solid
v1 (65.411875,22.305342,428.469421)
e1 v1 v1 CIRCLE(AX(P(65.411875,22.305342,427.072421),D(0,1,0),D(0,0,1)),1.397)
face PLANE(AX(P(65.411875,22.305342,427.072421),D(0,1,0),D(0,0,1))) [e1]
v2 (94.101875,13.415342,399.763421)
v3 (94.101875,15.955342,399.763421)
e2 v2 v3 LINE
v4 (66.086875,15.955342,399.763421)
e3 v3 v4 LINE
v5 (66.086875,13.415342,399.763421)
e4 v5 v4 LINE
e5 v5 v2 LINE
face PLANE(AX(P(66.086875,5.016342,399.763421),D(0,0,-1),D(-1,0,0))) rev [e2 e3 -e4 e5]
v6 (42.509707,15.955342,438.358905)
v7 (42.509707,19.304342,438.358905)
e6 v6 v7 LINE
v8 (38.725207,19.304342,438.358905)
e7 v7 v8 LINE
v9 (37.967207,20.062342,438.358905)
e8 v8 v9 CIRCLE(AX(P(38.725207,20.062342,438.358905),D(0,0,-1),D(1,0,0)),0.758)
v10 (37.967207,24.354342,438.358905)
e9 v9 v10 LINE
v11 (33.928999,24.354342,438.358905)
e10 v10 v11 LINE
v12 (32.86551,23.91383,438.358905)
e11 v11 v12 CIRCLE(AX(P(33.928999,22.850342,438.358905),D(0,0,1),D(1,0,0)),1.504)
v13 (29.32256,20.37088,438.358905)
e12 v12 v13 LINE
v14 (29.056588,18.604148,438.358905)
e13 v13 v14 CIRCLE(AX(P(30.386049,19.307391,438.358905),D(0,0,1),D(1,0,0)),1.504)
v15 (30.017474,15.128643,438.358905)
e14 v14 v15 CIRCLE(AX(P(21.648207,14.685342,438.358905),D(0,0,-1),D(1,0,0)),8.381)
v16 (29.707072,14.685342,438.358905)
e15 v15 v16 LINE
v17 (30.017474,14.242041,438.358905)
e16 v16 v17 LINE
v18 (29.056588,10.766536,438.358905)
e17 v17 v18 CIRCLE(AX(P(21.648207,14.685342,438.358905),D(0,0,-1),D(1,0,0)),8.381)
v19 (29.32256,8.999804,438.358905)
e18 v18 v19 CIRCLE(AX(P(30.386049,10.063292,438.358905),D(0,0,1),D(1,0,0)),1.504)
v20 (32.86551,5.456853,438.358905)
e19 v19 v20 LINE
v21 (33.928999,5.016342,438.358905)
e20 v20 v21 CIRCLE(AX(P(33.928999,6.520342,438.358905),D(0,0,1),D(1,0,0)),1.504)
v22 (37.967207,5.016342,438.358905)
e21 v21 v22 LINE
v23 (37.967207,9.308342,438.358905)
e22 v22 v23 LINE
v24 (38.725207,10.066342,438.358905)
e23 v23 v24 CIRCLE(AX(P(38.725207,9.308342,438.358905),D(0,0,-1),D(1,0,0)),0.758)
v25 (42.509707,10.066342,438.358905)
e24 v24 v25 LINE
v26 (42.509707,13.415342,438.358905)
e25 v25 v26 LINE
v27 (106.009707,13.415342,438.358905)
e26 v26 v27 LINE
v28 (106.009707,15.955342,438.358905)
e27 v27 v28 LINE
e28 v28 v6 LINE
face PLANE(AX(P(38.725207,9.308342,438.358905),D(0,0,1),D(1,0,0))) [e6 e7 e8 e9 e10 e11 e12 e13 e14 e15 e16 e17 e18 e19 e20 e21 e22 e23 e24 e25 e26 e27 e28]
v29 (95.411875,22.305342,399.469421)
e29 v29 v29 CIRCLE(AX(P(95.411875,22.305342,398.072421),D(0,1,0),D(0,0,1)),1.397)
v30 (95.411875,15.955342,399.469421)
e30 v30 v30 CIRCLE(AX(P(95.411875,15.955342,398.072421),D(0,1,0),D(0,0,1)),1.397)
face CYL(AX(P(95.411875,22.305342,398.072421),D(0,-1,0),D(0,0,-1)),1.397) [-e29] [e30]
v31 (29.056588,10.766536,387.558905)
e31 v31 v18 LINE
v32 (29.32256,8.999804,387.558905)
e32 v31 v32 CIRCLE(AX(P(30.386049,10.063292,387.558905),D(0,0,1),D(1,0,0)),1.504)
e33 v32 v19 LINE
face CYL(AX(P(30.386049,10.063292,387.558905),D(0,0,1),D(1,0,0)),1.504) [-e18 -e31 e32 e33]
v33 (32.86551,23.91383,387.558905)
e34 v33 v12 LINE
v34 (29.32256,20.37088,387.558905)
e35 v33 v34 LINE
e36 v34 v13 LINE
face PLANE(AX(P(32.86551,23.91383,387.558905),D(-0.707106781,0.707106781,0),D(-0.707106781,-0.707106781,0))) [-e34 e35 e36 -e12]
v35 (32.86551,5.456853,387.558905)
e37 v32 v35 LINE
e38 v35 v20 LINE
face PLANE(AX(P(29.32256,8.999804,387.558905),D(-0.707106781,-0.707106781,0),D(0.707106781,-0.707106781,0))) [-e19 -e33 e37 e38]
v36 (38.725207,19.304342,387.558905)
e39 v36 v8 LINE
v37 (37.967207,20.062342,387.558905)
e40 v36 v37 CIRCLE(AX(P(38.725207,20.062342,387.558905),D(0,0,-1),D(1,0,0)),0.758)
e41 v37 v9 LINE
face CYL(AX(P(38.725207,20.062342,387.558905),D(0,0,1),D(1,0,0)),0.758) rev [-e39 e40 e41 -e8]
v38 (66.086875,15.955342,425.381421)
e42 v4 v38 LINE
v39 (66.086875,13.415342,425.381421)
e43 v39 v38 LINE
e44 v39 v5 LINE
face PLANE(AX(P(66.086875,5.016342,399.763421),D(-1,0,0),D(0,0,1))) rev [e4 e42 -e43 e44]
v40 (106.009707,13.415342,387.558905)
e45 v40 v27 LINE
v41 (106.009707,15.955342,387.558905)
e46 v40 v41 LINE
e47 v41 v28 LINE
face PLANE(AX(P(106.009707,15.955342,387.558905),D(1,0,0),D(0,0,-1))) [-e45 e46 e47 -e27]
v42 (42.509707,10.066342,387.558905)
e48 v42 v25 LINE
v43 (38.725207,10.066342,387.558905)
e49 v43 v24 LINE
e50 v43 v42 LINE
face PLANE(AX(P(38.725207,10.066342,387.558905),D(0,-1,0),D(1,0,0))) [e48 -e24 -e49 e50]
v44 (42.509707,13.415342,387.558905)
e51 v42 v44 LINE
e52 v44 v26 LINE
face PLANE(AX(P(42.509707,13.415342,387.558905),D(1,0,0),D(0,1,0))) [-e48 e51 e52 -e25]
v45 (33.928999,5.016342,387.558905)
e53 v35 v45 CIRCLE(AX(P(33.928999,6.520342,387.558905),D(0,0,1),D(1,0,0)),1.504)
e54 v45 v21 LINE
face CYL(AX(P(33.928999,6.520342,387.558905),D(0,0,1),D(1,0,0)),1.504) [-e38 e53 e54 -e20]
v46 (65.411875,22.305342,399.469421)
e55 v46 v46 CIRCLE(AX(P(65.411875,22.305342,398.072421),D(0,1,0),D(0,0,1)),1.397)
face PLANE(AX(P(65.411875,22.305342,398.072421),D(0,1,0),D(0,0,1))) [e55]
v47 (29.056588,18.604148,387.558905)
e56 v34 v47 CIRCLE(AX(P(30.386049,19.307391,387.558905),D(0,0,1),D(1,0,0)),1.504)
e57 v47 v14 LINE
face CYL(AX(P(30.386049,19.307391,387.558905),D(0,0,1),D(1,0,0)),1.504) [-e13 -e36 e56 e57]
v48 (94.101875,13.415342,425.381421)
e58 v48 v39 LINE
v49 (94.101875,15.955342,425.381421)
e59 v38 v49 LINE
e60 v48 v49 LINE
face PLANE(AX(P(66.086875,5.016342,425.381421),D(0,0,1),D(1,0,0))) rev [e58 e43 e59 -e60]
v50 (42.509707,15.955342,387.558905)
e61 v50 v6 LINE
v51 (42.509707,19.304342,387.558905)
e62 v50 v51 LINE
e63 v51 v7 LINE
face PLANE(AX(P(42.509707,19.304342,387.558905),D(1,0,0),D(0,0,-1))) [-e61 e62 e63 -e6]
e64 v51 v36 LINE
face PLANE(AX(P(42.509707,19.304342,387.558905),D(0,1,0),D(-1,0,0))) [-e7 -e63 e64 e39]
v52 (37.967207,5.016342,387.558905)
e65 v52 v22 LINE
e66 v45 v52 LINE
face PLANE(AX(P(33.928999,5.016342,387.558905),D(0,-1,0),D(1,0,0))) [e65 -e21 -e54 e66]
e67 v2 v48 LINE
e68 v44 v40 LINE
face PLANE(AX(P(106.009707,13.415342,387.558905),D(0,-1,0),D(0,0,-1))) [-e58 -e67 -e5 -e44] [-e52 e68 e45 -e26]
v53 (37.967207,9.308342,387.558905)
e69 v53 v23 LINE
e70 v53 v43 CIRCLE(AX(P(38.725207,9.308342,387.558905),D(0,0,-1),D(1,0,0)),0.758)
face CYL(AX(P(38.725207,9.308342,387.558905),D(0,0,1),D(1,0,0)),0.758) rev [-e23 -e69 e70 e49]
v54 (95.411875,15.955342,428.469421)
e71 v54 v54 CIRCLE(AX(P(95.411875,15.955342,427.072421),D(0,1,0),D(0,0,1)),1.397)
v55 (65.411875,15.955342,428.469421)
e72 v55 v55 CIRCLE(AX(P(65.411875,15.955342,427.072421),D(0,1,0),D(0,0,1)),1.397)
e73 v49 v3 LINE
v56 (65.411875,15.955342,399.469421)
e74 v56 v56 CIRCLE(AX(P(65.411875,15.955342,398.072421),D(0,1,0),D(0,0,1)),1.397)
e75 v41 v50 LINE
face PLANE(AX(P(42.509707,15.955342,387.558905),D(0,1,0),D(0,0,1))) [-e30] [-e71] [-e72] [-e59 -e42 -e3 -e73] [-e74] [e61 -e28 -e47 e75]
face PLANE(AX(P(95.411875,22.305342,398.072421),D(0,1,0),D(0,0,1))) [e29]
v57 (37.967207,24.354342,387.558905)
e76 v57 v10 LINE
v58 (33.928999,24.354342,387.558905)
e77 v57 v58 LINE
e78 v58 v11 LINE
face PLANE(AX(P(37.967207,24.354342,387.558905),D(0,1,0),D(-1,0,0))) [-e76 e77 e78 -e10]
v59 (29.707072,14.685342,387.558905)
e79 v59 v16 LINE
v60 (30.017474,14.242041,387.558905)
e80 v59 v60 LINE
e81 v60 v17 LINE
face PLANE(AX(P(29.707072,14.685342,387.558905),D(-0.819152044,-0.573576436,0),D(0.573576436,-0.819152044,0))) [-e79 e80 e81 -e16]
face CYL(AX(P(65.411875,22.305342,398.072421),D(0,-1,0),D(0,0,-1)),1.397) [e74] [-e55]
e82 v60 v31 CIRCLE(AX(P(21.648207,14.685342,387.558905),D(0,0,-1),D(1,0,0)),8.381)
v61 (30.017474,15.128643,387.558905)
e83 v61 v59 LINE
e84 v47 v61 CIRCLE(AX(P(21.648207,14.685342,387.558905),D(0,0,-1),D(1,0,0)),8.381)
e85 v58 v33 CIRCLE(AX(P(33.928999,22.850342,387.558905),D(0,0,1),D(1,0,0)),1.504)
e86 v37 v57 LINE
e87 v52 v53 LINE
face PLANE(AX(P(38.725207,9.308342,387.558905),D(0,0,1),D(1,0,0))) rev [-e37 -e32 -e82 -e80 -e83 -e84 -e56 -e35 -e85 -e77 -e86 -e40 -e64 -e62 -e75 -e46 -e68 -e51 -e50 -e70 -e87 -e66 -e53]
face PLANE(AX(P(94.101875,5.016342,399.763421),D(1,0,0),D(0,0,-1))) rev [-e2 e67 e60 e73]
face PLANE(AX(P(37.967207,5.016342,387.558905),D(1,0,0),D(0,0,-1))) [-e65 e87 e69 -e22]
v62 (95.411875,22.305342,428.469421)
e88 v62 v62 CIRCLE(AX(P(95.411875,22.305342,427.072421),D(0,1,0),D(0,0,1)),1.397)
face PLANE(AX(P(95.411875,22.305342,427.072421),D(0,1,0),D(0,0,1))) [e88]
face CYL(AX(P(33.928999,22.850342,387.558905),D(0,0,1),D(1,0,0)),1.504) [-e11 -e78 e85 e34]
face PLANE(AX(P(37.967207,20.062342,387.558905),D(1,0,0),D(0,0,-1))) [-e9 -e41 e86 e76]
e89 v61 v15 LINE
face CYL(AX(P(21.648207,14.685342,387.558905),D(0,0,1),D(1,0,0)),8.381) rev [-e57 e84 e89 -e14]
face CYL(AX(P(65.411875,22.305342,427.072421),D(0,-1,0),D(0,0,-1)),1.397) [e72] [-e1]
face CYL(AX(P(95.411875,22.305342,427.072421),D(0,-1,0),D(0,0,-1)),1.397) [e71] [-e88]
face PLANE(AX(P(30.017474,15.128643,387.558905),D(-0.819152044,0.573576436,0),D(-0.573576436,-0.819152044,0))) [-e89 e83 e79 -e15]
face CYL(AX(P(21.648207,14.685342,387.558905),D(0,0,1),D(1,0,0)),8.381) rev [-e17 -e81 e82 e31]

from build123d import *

# Parameters (mm, degrees)
BOSS_EXTRUDE1_DEPTH = 50.8
SKETCH3_R           = 1.397
BOSS_EXTRUDE2_DEPTH = 6.35
SKETCH4_W           = 28.015
SKETCH4_H           = 25.618
CUT_EXTRUDE1_DEPTH  = 11.939


with BuildPart() as part:
    # Sketch1 → Boss-Extrude1 (new body)
    with BuildSketch(Plane.XY.offset(438.358905075)):
        with BuildLine():
            Line((42.509706517, 19.30434166), (42.509706517, 15.95534166))
            Line((42.509706517, 15.95534166), (106.009706517, 15.95534166))
            Line((106.009706517, 15.95534166), (106.009706517, 13.41534166))
            Line((106.009706517, 13.41534166), (42.509706517, 13.41534166))
            Line((42.509706517, 13.41534166), (42.509706517, 10.06634166))
            Line((42.509706517, 10.06634166), (38.725206517, 10.06634166))
            ThreePointArc((38.725206517, 10.06634166), (38.189219577, 9.8443286), (37.967206517, 9.30834166))
            Line((37.967206517, 9.30834166), (37.967206517, 5.01634166))
            Line((37.967206517, 5.01634166), (33.928999082, 5.01634166))
            ThreePointArc((33.928999082, 5.01634166), (33.3534432, 5.130826843), (32.865510483, 5.456853061))
            Line((32.865510483, 5.456853061), (29.322559963, 8.999803581))
            ThreePointArc((29.322559963, 8.999803581), (28.898807275, 9.839396326), (29.056588326, 10.766535722))
            ThreePointArc((29.056588326, 10.766535722), (29.726160528, 12.451998876), (30.017474414, 14.24204055))
            Line((30.017474414, 14.24204055), (29.707071635, 14.68534166))
            Line((29.707071635, 14.68534166), (30.017474414, 15.128642769))
            ThreePointArc((30.017474414, 15.128642769), (29.726160528, 16.918684443), (29.056588326, 18.604147597))
            ThreePointArc((29.056588326, 18.604147597), (28.898807275, 19.531286993), (29.322559963, 20.370879739))
            Line((29.322559963, 20.370879739), (32.865510483, 23.913830259))
            ThreePointArc((32.865510483, 23.913830259), (33.3534432, 24.239856477), (33.928999082, 24.35434166))
            Line((33.928999082, 24.35434166), (37.967206517, 24.35434166))
            Line((37.967206517, 24.35434166), (37.967206517, 20.06234166))
            ThreePointArc((37.967206517, 20.06234166), (38.189219577, 19.526354719), (38.725206517, 19.30434166))
            Line((38.725206517, 19.30434166), (42.509706517, 19.30434166))
        make_face()
    extrude(amount=-BOSS_EXTRUDE1_DEPTH)

    # Sketch3 → Boss-Extrude2 (add)
    with BuildSketch(Plane(origin=(0, 15.95534166, 0), x_dir=(1, 0, 0), z_dir=(0, 1, 0))):
        with Locations((65.411874918, -398.072421398)):
            Circle(SKETCH3_R)
        with Locations((95.411874918, -398.072421398)):
            Circle(SKETCH3_R)
        with Locations((95.411874918, -427.072421398)):
            Circle(SKETCH3_R)
        with Locations((65.411874918, -427.072421398)):
            Circle(SKETCH3_R)
    extrude(amount=BOSS_EXTRUDE2_DEPTH)

    # Sketch4 → Cut-Extrude1 (cut, through all)
    with BuildSketch(Plane(origin=(0, 15.95534166, 0), x_dir=(1, 0, 0), z_dir=(0, 1, 0))):
        with Locations((80.094374918, -412.572421398)):
            Rectangle(SKETCH4_W, SKETCH4_H)
    extrude(amount=-CUT_EXTRUDE1_DEPTH, mode=Mode.SUBTRACT)


solid = part.part
